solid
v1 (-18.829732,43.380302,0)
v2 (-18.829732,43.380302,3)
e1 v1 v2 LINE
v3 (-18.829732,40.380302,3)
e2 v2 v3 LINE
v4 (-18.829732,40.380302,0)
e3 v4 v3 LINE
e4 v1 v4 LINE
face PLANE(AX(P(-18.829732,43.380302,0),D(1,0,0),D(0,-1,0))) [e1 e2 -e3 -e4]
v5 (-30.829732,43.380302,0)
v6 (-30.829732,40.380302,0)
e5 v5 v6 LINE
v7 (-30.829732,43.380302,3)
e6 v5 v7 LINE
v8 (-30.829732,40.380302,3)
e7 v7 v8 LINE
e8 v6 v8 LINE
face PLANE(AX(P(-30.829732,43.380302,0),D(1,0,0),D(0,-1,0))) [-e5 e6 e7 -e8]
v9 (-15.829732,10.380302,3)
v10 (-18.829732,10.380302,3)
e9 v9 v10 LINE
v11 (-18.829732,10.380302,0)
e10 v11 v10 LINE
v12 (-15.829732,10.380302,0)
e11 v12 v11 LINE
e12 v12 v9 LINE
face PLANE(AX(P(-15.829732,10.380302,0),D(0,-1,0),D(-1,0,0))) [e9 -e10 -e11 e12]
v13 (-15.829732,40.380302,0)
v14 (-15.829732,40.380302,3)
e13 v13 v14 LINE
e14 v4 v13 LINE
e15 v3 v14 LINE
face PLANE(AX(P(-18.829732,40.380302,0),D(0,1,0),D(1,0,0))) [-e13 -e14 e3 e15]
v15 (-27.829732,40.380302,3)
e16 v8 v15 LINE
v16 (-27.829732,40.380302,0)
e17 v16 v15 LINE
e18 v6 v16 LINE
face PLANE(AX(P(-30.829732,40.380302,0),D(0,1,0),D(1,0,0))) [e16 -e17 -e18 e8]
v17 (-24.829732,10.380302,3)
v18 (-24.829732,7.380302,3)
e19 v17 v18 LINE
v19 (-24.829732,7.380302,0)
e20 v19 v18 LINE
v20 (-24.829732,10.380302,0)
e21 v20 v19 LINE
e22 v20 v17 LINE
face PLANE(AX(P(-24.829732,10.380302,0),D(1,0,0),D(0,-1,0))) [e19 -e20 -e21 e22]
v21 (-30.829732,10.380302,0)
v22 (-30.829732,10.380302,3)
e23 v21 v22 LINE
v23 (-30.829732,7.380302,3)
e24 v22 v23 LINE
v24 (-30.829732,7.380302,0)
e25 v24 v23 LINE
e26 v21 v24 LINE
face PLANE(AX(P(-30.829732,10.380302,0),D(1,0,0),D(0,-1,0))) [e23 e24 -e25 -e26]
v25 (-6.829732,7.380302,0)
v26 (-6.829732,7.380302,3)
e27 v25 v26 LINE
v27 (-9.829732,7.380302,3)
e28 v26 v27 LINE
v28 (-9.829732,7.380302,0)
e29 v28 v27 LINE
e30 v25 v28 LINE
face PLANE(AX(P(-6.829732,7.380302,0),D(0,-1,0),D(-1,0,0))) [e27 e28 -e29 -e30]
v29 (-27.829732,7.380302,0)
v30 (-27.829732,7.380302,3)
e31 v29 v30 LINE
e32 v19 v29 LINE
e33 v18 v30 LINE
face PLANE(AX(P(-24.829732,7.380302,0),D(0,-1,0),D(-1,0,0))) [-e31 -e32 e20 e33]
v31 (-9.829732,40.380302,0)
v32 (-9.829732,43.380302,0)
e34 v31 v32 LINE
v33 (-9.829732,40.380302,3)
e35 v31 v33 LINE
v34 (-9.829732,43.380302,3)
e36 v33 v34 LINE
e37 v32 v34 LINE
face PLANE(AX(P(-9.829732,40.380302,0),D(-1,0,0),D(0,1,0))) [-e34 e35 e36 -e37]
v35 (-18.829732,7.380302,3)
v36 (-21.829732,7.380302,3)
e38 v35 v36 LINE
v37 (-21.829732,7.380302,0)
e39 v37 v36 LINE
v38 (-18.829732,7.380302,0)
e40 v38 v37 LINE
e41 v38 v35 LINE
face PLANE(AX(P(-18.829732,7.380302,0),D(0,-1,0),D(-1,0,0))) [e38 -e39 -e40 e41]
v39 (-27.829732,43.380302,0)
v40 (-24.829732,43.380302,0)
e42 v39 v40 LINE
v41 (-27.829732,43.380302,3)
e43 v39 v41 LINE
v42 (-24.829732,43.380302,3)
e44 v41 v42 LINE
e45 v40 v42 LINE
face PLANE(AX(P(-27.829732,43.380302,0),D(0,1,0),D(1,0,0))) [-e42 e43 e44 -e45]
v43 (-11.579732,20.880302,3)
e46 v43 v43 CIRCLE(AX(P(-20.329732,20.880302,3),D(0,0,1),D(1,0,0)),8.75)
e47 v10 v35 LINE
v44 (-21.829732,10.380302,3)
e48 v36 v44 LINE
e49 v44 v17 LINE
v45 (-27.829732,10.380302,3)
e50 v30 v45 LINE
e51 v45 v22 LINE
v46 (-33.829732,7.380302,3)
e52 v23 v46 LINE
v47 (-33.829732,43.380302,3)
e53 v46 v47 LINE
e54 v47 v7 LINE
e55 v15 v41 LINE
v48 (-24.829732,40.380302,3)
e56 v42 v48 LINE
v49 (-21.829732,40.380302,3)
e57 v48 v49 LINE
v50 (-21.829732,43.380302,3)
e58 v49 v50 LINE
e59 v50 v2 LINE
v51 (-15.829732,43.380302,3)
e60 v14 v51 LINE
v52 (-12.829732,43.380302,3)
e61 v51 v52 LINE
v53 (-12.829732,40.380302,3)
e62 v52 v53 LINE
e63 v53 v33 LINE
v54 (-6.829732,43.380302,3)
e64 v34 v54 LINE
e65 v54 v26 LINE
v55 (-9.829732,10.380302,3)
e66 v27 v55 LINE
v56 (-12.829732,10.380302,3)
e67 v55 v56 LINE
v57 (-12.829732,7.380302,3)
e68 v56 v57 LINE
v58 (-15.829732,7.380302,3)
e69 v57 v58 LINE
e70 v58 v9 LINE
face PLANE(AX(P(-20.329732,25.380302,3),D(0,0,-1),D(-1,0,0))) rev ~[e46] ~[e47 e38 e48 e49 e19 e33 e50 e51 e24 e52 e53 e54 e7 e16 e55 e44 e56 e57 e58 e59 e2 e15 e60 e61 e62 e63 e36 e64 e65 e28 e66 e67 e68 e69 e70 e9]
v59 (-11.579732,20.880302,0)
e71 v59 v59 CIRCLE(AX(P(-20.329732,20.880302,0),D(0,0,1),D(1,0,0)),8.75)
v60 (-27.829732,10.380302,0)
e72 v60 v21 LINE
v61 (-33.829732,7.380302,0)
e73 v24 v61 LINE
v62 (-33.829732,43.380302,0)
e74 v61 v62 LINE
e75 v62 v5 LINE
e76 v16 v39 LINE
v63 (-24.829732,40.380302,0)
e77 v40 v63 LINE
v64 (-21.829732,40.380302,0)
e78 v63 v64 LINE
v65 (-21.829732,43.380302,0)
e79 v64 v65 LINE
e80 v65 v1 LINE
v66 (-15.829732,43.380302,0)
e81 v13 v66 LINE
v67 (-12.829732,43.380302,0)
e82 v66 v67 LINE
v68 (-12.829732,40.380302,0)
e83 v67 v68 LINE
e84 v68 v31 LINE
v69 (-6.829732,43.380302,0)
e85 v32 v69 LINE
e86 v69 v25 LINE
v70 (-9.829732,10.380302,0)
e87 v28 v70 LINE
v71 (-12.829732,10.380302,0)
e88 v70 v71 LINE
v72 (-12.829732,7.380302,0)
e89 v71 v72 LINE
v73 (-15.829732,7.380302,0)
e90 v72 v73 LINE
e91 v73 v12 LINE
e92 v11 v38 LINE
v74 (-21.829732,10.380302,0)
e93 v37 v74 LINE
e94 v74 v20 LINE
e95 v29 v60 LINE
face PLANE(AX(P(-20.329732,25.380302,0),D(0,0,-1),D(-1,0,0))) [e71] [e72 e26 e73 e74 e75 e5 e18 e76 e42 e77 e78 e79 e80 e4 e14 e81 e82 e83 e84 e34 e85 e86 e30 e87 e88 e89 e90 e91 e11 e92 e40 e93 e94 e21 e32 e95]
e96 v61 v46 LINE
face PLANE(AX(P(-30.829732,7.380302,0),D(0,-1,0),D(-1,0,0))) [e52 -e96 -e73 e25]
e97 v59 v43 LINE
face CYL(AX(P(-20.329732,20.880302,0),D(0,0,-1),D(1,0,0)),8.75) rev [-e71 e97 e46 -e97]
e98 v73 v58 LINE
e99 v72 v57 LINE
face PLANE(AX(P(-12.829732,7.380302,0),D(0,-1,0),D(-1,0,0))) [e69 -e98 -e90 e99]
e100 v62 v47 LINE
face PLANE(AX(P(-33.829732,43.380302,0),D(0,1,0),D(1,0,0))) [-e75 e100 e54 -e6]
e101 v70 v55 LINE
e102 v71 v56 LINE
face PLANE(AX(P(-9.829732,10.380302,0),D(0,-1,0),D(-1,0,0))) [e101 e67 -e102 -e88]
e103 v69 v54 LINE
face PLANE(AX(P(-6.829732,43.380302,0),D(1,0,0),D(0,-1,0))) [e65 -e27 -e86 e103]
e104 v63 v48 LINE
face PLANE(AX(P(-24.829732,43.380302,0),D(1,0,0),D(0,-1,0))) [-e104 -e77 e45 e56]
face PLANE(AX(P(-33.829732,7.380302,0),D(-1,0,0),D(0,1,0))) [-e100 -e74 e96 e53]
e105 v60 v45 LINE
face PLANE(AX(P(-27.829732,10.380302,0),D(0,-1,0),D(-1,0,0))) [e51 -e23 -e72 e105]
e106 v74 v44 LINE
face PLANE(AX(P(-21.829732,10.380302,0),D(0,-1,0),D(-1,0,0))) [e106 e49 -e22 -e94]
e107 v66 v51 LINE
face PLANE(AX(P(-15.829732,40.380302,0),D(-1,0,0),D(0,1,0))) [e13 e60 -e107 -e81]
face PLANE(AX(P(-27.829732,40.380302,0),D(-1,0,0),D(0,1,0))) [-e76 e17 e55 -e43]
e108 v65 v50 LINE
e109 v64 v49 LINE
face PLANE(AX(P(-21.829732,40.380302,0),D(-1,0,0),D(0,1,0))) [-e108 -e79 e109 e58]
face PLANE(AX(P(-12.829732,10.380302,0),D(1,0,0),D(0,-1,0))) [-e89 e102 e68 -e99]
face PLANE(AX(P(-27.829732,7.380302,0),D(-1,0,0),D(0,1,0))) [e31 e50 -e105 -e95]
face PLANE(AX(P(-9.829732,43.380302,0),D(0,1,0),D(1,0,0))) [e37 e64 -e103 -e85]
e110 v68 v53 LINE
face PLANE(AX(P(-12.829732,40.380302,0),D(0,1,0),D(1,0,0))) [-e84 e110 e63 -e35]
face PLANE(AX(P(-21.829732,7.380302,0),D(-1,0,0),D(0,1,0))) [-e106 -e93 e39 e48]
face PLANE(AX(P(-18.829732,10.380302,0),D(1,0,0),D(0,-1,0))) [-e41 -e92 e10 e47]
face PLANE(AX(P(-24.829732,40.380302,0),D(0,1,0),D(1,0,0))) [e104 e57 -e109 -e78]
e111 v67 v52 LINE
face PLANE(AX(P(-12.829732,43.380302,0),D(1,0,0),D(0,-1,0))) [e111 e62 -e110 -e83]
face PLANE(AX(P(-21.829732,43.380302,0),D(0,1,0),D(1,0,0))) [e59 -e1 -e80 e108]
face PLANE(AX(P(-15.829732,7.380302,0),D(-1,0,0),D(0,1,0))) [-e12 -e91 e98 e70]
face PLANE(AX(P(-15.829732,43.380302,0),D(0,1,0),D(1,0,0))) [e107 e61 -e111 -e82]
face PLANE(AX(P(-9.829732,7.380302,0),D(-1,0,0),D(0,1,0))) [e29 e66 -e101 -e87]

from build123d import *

# Parameters (mm, degrees)
SKETCH1_R           = 8.75
BOSS_EXTRUDE1_DEPTH = 3


with BuildPart() as part:
    # Sketch1 → Boss-Extrude1 (new body)
    with BuildSketch(Plane.XY):
        Polygon((-33.829731544, 43.380302013), (-30.829731544, 43.380302013), (-30.829731544, 40.380302013), (-27.829731544, 40.380302013), (-27.829731544, 43.380302013), (-24.829731544, 43.380302013), (-24.829731544, 40.380302013), (-21.829731544, 40.380302013), (-21.829731544, 43.380302013), (-18.829731544, 43.380302013), (-18.829731544, 40.380302013), (-15.829731544, 40.380302013), (-15.829731544, 43.380302013), (-12.829731544, 43.380302013), (-12.829731544, 40.380302013), (-9.829731544, 40.380302013), (-9.829731544, 43.380302013), (-6.829731544, 43.380302013), (-6.829731544, 7.380302013), (-9.829731544, 7.380302013), (-9.829731544, 10.380302013), (-12.829731544, 10.380302013), (-12.829731544, 7.380302013), (-15.829731544, 7.380302013), (-15.829731544, 10.380302013), (-18.829731544, 10.380302013), (-18.829731544, 7.380302013), (-21.829731544, 7.380302013), (-21.829731544, 10.380302013), (-24.829731544, 10.380302013), (-24.829731544, 7.380302013), (-27.829731544, 7.380302013), (-27.829731544, 10.380302013), (-30.829731544, 10.380302013), (-30.829731544, 7.380302013), (-33.829731544, 7.380302013), align=None)
        with Locations((-20.329731544, 20.880302013)):
            Circle(SKETCH1_R, mode=Mode.SUBTRACT)
    extrude(amount=BOSS_EXTRUDE1_DEPTH)


solid = part.part
